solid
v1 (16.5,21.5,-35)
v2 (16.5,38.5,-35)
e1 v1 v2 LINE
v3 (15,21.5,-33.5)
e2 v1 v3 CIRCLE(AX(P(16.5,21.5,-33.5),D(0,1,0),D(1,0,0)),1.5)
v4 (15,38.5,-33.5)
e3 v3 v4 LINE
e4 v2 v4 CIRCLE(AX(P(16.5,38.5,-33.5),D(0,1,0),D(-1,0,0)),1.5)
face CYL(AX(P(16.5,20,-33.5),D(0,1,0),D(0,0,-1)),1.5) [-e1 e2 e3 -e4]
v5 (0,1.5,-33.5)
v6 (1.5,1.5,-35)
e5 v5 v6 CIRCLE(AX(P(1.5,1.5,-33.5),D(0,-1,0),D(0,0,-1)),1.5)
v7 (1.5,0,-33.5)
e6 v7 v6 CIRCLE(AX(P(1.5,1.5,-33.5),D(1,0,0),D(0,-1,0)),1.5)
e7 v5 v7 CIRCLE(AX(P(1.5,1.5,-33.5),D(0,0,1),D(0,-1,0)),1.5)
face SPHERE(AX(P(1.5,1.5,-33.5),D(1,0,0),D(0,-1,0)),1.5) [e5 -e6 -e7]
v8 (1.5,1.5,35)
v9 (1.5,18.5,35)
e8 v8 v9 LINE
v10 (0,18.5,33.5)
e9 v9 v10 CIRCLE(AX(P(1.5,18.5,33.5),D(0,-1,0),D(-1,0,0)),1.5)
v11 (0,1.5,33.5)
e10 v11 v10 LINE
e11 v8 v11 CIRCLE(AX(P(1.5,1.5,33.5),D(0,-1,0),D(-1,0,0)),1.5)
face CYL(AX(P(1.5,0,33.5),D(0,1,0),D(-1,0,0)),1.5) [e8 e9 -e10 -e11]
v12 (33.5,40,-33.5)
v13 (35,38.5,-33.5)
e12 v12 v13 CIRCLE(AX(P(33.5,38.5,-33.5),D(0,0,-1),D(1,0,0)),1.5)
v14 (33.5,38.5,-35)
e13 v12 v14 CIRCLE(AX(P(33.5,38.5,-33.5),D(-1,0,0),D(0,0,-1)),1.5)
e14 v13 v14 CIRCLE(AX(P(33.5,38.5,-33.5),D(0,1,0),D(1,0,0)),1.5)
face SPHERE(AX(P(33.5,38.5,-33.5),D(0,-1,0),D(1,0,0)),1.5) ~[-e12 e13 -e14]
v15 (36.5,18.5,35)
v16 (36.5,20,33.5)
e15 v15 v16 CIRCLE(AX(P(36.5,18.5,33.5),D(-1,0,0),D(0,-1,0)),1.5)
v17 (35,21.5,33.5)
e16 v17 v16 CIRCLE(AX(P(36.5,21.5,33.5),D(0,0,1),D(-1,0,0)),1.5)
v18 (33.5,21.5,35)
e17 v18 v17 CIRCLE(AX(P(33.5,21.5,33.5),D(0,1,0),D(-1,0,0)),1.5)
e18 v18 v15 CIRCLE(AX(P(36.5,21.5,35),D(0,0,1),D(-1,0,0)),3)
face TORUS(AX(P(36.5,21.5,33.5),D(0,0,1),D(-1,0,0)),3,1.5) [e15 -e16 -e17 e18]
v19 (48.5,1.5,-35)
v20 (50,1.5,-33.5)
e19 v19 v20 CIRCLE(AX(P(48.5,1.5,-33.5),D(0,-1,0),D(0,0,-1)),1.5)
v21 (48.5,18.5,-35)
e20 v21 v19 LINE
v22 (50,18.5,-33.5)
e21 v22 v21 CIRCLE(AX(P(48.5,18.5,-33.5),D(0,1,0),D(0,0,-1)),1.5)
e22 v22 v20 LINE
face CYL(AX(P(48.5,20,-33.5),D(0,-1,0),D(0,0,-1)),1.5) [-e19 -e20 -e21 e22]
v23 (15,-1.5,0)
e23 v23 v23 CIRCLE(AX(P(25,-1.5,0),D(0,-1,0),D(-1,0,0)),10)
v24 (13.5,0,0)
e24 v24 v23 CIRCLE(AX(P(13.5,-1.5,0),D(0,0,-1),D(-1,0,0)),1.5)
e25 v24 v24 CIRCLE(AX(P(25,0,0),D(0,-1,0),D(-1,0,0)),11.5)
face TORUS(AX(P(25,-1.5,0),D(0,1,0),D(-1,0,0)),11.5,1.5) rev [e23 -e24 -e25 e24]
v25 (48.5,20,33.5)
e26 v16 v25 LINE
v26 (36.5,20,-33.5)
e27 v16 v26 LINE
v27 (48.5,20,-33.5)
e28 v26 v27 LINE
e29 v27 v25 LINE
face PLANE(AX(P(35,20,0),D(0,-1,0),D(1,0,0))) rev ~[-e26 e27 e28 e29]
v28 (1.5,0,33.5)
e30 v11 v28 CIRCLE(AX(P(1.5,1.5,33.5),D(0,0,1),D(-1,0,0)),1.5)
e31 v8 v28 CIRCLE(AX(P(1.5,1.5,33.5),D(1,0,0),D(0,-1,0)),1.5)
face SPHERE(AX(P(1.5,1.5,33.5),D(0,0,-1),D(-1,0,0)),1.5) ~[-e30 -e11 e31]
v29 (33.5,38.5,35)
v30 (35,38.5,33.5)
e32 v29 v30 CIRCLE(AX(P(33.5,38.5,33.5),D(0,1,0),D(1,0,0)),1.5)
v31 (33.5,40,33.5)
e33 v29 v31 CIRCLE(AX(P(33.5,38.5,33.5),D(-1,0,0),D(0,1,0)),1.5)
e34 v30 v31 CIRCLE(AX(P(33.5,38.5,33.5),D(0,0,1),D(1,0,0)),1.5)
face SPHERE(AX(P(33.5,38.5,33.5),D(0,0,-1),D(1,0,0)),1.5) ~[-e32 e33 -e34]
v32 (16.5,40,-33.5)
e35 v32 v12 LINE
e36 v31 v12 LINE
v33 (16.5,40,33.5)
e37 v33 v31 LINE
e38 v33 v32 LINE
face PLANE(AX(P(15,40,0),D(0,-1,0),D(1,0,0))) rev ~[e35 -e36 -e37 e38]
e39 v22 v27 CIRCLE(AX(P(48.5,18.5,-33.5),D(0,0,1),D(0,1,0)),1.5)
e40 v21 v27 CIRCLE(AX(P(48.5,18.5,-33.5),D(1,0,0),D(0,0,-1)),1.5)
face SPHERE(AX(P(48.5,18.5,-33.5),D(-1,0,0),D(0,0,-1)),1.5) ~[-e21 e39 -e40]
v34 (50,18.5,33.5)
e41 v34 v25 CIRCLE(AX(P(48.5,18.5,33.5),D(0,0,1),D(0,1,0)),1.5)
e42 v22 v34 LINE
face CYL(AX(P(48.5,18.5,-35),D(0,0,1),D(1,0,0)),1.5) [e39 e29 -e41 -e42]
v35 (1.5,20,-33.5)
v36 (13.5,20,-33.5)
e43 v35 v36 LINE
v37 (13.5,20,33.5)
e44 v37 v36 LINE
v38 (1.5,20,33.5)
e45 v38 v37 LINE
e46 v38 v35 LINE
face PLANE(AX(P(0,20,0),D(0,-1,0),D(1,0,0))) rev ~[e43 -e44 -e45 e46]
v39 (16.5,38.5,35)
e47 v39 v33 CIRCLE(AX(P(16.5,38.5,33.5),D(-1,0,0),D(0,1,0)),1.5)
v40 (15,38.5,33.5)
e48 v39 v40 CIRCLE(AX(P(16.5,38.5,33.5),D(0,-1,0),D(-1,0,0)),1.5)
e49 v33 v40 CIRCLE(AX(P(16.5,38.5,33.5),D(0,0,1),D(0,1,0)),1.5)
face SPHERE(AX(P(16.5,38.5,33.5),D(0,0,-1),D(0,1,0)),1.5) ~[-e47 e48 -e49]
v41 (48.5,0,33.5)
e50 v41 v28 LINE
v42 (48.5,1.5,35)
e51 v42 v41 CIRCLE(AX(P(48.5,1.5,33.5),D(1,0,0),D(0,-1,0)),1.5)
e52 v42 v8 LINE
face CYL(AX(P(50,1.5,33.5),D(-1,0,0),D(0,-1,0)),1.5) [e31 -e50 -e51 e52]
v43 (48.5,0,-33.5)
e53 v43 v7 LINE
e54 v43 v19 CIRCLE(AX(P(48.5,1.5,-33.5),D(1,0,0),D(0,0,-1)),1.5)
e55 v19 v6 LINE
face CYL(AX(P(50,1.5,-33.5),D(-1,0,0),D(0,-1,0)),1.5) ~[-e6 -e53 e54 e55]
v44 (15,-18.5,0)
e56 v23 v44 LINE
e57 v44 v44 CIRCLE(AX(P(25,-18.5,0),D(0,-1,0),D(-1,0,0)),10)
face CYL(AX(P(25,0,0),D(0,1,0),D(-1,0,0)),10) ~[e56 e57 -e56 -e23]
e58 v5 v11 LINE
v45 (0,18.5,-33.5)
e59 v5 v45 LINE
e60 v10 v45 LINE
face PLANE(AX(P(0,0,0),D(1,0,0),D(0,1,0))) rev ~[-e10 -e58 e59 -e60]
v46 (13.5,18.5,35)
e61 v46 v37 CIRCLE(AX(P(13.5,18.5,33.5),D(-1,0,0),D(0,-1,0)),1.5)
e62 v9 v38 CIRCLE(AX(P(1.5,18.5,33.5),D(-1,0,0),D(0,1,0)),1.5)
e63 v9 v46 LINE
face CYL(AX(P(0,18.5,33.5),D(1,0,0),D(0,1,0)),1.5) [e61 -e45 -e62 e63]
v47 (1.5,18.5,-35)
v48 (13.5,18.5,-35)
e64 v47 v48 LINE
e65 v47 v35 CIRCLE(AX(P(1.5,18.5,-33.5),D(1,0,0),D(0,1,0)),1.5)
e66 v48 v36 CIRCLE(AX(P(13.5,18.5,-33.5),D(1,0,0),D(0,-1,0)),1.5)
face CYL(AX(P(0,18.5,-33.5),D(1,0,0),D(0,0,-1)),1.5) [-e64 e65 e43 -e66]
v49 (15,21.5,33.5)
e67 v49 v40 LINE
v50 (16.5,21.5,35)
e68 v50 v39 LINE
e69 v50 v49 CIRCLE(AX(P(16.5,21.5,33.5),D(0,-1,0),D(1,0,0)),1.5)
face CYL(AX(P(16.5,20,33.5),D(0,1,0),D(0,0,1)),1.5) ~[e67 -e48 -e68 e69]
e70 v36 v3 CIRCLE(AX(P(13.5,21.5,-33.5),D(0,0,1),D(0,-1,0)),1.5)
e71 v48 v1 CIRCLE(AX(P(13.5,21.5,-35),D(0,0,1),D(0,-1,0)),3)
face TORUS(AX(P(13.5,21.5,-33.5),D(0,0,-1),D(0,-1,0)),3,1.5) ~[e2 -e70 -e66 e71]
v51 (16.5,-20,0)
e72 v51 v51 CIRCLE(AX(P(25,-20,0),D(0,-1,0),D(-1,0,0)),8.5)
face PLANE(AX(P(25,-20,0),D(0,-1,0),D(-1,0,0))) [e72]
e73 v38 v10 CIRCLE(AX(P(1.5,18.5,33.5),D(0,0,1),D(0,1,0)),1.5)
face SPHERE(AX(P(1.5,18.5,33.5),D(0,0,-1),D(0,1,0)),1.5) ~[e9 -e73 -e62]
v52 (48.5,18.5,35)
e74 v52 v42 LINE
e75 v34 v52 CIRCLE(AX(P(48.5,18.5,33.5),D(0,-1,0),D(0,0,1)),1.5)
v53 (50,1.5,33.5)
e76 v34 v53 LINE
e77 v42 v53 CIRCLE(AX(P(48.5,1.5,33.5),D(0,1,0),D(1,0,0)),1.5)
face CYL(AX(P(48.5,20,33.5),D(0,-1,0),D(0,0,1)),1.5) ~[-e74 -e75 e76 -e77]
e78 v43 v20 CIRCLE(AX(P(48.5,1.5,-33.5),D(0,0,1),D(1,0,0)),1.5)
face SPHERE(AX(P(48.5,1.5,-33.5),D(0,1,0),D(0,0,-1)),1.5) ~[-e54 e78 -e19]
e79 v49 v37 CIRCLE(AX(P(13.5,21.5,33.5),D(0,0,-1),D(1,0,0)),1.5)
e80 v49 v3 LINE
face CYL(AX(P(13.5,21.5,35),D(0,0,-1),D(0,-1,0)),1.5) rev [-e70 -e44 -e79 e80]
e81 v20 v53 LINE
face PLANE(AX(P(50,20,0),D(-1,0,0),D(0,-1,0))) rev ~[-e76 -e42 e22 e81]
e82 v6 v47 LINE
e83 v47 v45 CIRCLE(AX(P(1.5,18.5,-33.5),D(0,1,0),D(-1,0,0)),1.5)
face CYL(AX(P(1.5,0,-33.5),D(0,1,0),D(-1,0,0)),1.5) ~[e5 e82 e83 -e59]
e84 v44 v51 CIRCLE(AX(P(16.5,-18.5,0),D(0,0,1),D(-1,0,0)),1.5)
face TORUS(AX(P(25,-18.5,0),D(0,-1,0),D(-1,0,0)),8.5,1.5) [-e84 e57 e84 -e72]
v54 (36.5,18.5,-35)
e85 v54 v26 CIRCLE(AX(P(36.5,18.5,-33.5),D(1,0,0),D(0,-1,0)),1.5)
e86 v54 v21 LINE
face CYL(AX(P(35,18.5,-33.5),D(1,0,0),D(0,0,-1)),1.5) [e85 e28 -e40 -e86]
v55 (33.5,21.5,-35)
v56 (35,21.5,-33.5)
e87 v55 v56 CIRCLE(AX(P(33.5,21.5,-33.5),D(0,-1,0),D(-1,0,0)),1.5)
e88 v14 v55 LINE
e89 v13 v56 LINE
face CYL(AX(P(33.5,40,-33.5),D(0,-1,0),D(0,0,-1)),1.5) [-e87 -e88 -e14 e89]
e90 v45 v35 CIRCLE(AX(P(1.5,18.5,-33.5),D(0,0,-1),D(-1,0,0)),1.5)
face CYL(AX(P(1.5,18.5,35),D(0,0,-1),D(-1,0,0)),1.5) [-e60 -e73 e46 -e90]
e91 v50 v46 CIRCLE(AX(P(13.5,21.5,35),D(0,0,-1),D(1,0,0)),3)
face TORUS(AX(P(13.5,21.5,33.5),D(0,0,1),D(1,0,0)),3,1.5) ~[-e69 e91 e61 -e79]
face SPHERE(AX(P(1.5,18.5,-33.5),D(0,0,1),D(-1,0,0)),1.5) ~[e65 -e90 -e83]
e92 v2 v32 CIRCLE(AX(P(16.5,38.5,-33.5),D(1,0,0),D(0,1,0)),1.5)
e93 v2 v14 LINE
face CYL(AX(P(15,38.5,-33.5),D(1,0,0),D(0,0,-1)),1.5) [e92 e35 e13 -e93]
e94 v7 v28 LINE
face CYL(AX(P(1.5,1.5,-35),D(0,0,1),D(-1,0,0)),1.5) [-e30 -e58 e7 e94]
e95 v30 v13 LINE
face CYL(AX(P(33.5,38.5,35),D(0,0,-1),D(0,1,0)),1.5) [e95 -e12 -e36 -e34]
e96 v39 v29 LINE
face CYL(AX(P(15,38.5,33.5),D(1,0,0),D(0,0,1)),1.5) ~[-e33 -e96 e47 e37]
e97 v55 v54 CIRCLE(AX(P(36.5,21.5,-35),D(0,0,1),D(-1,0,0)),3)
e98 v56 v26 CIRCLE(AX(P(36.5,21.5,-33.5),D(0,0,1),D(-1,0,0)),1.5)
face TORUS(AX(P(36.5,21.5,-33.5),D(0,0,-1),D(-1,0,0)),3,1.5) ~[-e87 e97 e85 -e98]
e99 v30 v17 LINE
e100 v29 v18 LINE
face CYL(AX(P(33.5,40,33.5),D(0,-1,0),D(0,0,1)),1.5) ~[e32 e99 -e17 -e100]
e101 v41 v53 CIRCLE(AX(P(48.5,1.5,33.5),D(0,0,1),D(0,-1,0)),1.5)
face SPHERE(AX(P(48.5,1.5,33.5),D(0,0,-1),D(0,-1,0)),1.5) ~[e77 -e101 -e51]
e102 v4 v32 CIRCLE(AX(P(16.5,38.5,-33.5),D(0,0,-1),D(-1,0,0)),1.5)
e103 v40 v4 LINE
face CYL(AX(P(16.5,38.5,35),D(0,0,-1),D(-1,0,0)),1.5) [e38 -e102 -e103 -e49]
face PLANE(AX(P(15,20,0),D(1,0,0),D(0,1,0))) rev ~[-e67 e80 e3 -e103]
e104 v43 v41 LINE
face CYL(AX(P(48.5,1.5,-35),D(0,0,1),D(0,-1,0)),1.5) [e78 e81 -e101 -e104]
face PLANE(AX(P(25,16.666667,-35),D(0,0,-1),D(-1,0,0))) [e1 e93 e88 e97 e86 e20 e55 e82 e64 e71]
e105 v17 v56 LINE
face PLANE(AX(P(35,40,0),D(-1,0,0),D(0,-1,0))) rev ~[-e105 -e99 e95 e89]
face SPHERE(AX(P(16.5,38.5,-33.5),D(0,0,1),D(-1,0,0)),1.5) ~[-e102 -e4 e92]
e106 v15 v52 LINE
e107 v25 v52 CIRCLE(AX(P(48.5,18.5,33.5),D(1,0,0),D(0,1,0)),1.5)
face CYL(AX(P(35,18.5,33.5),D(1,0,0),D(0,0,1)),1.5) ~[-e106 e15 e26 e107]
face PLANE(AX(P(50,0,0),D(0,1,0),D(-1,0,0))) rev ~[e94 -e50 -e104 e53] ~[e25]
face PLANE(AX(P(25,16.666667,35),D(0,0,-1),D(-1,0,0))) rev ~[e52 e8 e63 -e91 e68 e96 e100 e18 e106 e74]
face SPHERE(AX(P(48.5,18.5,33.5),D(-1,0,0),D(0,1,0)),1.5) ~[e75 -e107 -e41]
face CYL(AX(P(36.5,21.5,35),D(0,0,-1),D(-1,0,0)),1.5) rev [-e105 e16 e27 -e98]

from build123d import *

# Parameters (mm, degrees)
BOSS_EXTRUDE1_DEPTH = 35
SKETCH2_R           = 10
BOSS_EXTRUDE2_DEPTH = 20
FILLET1_R           = 1.5
FILLET2_R           = 1.5


with BuildPart() as part:
    # Sketch1 → Boss-Extrude1 (new body, symmetric)
    with BuildSketch(Plane.XY):
        Polygon((0, 0), (0, 20), (15, 20), (15, 40), (35, 40), (35, 20), (50, 20), (50, 0), align=None)
    extrude(amount=BOSS_EXTRUDE1_DEPTH, both=True)

    # Sketch2 → Boss-Extrude2 (add)
    with BuildSketch(Plane(origin=(0, 0, 0), x_dir=(-1, 0, 0), z_dir=(0, -1, 0))):
        with Locations((-25, 0)):
            Circle(SKETCH2_R)
    extrude(amount=BOSS_EXTRUDE2_DEPTH)

    # Fillet1
    fillet1_edges = [part.edges().sort_by_distance(p)[0] for p in [
        (35, 30, -35),
        (42.5, 20, -35),
        (50, 10, -35),
        (25, 0, -35),
        (42.5, 20, 35),
        (0, 0, 0),
        (0, 20, 0),
        (15, 20, 0),
        (15, 40, 0),
        (35, 40, 0),
        (35, 20, 0),
        (50, 20, 0),
        (50, 0, 0),
        (35, 30, 35),
        (25, 40, 35),
        (35, 0, 0),
        (15, 30, 35),
        (7.5, 20, 35),
        (0, 10, 35),
        (25, 0, 35),
        (0, 10, -35),
        (50, 10, 35),
        (7.5, 20, -35),
        (15, 30, -35),
        (25, 40, -35),
    ]]
    fillet(fillet1_edges, radius=FILLET1_R)

    # Fillet2
    fillet2_edges = [part.edges().sort_by_distance(p)[0] for p in [
        (35, -20, 0),
    ]]
    fillet(fillet2_edges, radius=FILLET2_R)


solid = part.part
